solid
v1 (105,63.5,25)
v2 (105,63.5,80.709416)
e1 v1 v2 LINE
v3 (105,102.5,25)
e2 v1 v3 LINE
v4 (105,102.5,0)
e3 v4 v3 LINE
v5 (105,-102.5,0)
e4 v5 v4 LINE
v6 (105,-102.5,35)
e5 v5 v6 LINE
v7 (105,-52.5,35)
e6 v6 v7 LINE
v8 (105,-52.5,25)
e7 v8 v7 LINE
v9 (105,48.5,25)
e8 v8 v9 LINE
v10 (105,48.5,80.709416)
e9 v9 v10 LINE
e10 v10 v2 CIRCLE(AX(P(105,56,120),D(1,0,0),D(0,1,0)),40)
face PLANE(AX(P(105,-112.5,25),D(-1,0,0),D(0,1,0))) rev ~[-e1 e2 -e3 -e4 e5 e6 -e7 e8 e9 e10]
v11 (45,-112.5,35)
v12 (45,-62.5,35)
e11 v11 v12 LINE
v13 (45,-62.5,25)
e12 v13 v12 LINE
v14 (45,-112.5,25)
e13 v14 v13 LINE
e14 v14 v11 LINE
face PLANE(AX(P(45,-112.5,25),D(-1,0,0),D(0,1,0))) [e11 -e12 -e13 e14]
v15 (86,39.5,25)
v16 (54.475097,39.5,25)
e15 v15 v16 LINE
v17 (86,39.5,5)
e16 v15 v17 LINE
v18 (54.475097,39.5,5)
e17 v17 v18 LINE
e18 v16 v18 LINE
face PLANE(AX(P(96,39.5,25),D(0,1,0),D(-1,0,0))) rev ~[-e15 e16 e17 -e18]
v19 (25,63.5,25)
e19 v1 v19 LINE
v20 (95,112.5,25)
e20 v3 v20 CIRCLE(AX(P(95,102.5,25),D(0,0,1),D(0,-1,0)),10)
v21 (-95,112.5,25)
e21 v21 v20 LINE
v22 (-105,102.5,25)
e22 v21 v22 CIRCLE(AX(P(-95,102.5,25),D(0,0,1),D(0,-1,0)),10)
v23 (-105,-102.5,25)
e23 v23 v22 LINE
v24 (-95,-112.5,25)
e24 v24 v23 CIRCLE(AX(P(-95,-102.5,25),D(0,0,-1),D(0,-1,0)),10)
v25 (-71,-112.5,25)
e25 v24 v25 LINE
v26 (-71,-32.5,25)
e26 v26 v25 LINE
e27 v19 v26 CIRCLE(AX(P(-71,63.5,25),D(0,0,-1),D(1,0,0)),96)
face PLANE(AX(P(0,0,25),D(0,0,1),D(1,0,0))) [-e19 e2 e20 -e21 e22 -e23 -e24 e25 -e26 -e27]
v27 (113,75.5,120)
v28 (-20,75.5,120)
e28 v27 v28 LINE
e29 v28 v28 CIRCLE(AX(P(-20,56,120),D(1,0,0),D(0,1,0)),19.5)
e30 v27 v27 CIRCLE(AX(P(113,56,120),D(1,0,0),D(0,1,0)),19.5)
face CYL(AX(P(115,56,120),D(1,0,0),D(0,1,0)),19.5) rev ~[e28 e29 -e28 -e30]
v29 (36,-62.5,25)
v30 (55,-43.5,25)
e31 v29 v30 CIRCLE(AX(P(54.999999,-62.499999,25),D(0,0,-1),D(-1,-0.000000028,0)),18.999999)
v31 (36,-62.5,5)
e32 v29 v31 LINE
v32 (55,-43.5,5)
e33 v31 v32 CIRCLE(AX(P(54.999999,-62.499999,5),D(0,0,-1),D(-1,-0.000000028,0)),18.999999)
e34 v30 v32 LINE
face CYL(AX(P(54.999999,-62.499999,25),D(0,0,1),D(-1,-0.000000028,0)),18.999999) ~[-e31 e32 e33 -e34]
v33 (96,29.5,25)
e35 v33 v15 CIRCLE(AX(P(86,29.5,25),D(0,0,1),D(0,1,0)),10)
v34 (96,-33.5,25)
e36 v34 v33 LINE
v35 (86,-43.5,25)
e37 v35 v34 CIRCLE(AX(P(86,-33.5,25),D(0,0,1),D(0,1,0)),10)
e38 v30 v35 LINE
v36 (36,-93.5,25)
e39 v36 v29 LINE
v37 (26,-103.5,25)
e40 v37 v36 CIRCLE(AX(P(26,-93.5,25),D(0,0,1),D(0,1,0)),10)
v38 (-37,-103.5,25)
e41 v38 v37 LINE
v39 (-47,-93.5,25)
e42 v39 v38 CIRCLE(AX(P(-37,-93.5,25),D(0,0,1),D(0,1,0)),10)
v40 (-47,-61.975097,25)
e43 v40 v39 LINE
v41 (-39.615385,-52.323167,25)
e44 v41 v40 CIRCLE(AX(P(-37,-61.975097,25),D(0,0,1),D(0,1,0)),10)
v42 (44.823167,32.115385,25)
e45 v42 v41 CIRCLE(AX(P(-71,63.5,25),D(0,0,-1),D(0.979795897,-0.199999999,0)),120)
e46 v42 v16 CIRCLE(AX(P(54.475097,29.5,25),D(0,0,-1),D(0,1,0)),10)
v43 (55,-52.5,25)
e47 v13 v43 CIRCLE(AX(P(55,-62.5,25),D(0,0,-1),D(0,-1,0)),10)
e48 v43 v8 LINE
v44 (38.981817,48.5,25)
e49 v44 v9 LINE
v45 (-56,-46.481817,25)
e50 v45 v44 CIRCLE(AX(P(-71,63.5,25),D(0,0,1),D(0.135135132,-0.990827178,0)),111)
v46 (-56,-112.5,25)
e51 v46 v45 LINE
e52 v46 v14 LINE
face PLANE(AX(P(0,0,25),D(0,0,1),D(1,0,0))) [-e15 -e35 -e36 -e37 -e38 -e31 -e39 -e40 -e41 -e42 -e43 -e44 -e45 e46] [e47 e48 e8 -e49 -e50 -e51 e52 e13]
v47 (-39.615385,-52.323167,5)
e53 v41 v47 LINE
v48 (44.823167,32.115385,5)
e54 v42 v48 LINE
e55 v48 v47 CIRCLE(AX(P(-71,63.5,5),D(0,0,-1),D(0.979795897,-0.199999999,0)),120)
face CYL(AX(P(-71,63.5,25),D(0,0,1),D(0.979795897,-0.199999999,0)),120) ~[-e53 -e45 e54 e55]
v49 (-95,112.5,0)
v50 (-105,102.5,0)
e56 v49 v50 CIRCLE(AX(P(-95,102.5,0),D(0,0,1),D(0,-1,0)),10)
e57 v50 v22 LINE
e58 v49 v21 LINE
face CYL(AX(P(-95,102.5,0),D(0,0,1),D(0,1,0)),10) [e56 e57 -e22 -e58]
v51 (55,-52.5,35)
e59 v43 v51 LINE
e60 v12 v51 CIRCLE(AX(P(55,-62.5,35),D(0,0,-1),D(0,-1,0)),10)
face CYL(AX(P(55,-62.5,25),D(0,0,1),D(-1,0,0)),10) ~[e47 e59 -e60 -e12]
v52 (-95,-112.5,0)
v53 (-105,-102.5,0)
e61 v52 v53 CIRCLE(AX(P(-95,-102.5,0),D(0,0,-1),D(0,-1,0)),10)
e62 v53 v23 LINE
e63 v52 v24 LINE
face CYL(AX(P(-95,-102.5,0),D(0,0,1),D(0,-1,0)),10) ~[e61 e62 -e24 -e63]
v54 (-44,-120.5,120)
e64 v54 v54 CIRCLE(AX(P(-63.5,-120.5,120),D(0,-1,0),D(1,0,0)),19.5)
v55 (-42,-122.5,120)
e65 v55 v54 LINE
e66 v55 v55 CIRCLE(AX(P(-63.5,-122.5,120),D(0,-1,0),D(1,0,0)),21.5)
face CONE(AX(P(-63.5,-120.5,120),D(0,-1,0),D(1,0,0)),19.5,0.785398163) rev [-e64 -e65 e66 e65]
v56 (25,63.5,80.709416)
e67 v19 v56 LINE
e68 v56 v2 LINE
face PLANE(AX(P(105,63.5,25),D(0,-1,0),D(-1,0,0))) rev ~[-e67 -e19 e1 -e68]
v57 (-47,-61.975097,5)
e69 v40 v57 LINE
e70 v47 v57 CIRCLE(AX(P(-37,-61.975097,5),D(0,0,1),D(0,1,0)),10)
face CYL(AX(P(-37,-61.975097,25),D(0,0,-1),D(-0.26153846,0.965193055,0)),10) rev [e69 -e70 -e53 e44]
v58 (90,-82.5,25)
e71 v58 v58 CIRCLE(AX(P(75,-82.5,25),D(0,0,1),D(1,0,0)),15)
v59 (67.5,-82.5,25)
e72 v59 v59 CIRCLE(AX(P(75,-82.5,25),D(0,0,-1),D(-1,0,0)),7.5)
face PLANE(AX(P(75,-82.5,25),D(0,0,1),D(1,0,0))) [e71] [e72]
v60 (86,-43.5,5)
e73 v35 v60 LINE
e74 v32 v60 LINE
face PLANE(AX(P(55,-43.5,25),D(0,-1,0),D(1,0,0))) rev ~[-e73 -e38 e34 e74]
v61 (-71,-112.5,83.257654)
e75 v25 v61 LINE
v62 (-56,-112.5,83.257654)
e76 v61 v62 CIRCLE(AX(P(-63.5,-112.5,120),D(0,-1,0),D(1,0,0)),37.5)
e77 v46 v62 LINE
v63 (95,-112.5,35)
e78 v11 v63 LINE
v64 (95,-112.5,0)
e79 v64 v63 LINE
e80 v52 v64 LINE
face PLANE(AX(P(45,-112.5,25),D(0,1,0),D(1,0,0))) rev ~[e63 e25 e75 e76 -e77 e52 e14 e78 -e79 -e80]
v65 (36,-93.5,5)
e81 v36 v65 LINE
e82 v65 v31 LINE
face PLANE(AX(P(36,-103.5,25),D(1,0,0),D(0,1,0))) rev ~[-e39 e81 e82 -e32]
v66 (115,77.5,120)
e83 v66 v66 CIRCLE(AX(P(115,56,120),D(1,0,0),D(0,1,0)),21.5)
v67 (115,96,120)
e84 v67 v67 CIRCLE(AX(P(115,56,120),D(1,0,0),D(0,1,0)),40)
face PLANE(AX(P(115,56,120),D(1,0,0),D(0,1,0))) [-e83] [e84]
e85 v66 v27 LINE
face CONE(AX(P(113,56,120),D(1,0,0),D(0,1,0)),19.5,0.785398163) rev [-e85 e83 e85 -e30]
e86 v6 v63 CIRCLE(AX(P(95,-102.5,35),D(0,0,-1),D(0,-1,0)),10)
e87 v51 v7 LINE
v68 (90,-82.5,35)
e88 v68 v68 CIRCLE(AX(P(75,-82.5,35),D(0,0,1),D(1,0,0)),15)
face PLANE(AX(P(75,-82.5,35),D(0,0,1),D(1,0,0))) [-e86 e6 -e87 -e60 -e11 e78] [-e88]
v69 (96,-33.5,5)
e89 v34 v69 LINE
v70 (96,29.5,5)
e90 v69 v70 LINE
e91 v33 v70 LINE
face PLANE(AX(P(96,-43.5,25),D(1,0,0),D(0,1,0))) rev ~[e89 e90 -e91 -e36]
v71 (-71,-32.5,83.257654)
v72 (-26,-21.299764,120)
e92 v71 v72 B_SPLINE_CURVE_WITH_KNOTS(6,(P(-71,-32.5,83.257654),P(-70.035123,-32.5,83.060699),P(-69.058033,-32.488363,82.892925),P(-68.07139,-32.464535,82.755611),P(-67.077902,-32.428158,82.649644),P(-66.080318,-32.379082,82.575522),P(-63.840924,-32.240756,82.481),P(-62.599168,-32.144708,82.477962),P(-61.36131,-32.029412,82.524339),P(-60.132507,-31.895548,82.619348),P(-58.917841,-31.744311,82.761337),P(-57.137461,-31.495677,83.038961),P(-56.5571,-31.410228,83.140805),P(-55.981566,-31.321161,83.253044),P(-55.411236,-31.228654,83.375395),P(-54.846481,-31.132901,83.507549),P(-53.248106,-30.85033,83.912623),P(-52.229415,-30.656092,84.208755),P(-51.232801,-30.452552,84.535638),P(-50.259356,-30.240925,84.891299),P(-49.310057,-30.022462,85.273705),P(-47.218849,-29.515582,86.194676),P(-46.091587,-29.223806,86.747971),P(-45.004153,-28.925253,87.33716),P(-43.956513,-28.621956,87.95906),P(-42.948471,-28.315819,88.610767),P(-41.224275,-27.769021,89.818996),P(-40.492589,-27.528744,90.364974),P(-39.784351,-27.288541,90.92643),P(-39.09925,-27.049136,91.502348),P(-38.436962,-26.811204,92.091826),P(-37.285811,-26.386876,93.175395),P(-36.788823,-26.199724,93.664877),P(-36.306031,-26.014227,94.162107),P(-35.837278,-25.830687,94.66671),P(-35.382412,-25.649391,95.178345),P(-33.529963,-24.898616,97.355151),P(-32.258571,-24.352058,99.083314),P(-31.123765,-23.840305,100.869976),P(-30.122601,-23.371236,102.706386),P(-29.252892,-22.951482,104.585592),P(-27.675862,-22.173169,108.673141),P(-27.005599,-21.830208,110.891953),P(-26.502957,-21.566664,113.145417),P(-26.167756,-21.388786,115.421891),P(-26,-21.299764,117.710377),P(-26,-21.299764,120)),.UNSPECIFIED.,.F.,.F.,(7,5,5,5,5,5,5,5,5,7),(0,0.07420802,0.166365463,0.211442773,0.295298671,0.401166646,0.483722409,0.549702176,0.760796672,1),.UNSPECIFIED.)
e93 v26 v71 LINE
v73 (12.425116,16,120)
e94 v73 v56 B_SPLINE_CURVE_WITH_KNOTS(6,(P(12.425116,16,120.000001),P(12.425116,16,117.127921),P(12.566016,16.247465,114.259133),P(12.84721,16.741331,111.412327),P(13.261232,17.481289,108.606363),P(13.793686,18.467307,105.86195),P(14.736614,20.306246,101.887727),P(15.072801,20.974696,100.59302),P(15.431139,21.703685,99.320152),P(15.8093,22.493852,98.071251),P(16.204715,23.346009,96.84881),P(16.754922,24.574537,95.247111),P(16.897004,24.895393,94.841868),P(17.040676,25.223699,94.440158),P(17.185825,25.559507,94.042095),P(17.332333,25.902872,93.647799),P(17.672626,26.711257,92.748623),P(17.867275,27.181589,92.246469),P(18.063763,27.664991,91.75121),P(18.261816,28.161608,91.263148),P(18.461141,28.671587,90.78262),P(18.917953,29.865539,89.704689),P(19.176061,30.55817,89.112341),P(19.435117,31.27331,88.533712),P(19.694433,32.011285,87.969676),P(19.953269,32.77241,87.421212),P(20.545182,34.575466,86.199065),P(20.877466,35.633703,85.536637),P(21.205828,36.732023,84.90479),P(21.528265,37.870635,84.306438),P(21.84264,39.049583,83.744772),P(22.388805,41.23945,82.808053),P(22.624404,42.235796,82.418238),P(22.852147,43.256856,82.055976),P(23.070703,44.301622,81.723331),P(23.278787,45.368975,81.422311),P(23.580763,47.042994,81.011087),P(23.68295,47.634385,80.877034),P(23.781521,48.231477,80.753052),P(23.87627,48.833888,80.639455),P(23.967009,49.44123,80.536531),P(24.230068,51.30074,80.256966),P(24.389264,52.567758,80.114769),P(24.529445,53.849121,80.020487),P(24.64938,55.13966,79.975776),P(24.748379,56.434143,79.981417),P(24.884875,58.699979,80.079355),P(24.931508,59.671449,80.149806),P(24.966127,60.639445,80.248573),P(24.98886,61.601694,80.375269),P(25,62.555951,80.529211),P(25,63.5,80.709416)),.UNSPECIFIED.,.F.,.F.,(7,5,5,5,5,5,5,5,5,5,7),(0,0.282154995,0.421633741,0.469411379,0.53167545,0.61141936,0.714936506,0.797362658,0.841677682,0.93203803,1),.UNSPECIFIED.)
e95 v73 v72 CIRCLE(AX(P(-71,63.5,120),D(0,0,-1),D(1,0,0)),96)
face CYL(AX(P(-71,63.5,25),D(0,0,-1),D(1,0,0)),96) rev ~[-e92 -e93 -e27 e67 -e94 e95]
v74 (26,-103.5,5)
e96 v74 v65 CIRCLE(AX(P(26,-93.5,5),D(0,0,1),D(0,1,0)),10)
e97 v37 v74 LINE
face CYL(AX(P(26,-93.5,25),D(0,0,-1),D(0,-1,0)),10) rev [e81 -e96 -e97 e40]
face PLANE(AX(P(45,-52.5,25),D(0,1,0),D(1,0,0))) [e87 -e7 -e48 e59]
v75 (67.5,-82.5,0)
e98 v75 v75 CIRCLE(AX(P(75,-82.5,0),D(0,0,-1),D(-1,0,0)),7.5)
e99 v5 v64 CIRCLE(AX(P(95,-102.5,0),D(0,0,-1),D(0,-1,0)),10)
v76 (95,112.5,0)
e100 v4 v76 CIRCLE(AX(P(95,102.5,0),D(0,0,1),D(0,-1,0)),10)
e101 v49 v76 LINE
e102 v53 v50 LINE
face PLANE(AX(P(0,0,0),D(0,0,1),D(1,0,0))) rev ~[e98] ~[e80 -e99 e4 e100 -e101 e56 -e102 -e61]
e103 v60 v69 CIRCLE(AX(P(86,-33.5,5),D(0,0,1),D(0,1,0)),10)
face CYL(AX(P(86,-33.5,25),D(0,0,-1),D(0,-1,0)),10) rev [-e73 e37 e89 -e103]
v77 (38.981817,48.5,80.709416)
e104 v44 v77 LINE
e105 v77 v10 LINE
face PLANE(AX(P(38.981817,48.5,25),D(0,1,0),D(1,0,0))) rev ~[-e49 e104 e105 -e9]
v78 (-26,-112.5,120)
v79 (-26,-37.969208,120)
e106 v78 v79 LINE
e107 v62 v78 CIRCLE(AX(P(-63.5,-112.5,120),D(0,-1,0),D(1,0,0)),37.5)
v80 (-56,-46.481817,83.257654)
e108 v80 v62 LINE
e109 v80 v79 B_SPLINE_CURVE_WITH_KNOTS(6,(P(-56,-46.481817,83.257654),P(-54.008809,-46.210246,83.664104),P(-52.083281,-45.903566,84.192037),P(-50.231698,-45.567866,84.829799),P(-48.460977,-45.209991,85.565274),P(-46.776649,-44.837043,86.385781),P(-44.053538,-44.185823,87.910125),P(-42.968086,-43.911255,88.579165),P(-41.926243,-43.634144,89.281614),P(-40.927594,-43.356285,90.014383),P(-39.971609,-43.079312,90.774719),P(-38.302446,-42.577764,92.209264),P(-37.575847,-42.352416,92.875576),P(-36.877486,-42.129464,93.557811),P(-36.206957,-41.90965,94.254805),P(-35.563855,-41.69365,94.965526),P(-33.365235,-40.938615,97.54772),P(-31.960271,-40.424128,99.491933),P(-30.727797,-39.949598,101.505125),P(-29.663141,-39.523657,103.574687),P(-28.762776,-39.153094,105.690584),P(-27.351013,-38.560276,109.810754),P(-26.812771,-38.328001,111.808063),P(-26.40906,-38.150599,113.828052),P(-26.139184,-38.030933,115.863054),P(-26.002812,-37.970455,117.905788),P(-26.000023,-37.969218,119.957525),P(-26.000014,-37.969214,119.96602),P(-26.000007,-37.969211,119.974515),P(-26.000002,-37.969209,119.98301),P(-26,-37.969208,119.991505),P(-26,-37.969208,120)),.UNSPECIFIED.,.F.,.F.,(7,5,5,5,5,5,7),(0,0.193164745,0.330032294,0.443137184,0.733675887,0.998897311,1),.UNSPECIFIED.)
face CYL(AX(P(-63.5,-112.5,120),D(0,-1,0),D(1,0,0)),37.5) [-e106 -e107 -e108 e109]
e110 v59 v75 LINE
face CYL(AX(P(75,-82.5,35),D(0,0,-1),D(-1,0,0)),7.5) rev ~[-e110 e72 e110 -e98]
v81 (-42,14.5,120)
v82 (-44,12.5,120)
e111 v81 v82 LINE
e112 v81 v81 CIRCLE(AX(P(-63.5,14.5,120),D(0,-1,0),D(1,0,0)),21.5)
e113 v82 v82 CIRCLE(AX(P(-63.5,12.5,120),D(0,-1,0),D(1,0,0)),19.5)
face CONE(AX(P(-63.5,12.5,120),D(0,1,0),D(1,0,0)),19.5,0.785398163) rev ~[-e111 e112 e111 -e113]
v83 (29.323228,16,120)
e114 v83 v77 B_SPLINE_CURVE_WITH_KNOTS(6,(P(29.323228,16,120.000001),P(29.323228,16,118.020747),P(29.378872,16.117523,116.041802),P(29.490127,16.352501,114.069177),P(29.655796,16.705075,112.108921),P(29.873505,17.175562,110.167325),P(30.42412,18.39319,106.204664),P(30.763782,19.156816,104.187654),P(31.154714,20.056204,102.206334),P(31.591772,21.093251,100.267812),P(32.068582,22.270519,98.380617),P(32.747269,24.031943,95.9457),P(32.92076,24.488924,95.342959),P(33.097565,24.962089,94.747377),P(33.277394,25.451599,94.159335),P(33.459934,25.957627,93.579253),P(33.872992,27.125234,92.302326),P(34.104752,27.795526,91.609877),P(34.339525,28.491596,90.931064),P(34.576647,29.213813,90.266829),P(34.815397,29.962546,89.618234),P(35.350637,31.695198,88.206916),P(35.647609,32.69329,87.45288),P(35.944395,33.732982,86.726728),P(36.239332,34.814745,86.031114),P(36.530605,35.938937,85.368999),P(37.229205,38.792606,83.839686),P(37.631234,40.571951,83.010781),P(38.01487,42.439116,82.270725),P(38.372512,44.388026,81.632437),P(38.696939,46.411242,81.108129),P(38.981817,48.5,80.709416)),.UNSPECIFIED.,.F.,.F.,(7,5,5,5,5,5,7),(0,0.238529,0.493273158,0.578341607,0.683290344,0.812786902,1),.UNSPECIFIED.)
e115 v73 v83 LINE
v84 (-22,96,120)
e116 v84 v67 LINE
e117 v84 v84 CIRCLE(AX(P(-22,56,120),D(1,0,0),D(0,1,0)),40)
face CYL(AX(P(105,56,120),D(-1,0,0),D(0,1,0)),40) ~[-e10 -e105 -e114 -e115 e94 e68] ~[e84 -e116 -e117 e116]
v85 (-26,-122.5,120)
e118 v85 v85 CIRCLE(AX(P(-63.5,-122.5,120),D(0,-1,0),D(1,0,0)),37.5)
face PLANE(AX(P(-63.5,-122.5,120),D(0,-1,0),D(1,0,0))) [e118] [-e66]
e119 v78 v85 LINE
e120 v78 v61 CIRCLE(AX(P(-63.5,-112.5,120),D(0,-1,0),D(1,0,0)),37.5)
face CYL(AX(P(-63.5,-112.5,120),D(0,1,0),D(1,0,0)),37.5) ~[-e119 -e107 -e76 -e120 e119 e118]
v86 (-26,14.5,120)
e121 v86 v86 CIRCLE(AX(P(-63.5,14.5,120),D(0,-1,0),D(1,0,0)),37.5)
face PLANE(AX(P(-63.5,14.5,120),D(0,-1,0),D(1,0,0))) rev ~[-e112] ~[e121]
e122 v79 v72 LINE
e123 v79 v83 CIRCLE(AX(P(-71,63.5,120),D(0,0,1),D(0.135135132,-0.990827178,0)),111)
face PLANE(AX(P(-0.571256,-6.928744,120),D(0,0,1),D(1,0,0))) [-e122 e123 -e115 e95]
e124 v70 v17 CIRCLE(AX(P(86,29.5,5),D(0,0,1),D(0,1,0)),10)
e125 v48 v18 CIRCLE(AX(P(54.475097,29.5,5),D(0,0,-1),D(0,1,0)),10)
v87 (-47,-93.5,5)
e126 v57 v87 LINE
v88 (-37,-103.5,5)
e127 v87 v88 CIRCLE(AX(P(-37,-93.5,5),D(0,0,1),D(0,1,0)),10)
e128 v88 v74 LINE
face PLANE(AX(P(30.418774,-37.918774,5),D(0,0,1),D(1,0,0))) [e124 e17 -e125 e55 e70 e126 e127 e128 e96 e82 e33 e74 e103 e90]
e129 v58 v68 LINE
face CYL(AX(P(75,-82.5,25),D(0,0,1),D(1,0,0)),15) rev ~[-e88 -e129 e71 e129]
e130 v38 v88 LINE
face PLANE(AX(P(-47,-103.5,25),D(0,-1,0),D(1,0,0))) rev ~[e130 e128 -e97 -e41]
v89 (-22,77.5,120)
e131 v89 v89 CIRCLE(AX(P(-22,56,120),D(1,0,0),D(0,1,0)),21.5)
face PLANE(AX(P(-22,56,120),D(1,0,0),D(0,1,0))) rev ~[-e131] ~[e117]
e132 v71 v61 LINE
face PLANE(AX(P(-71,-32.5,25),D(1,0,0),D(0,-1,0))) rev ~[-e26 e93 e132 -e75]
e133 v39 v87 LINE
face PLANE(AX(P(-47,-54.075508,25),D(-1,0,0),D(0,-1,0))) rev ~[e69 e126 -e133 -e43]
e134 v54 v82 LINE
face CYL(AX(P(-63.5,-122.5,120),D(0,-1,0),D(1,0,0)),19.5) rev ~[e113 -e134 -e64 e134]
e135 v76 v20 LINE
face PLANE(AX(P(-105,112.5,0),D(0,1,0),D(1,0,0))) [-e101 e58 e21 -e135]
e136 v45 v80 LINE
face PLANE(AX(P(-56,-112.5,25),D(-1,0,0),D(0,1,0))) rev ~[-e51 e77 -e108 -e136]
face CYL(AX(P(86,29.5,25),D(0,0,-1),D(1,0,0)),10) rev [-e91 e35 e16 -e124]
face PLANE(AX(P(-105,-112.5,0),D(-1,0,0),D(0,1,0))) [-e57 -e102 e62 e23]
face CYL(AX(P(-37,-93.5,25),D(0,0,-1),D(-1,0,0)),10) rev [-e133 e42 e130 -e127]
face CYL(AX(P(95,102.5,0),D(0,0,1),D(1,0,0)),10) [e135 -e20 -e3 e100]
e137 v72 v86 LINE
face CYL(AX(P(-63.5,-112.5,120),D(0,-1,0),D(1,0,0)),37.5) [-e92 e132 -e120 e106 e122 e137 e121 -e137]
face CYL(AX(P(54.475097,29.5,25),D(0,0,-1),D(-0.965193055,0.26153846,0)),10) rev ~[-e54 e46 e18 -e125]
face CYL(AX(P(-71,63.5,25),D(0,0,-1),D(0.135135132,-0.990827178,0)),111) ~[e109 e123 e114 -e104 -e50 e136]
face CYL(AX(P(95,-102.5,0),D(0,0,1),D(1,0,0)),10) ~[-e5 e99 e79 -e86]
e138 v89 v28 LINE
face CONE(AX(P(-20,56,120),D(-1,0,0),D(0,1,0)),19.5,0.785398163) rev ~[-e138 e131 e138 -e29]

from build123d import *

# Parameters (mm, degrees)
F0_W            = 210
F0_H            = 225
F1_DEPTH        = 25
F3_DEPTH        = 95
F4_R            = 37.5
F5_DEPTH        = 10
F5_DEPTH_BACK   = 127
F6_R            = 40
F7_DEPTH        = 10
F7_DEPTH_BACK   = 127
F8_W            = 60
F8_H            = 60
F9_DEPTH        = 10
F10_R           = 10
F12_DEPTH       = 20
F14_D           = 15
F14_CBORE_D     = 30
F14_CBORE_DEPTH = 10
F15_R           = 10
F16_R           = 19.5
F17_DEPTH       = 235.001
F18_R           = 19.5
F19_DEPTH       = 220.001
F20_SIZE        = 2
F21_R           = 10


with BuildPart() as f1:
    # F0 (on Top) → F1 (new body)
    with BuildSketch(Plane.XY):
        Rectangle(F0_W, F0_H)
    extrude(amount=F1_DEPTH)

    # F2 (on face) → F3 (join)
    with BuildSketch(Plane.XY.offset(25)):
        with BuildLine():
            Line((-71, -32.5), (-71, -112.5))
            Line((-71, -112.5), (-56, -112.5))
            Line((-56, -112.5), (-56, -46.481817))
            ThreePointArc((-56, -46.481817), (7.488853, -14.988853), (38.981817, 48.5))
            Line((38.981817, 48.5), (105, 48.5))
            Line((105, 48.5), (105, 63.5))
            Line((105, 63.5), (25, 63.5))
            ThreePointArc((25, 63.5), (-3.117749, -4.382251), (-71, -32.5))
        make_face()
    extrude(amount=F3_DEPTH)

    # F4 (on face) → F5 (join, two sides)
    with BuildSketch(Plane.XZ.offset(112.5)) as f5_sk:
        with Locations((-63.5, 120)):
            Circle(F4_R)
    extrude(amount=F5_DEPTH)
    extrude(f5_sk.sketch, amount=-F5_DEPTH_BACK)

    # F6 (on face) → F7 (join, two sides)
    with BuildSketch(Plane.YZ.offset(105)) as f7_sk:
        with Locations((56, 120)):
            Circle(F6_R)
    extrude(amount=F7_DEPTH)
    extrude(f7_sk.sketch, amount=-F7_DEPTH_BACK)

    # F8 (on face) → F9 (join)
    with BuildSketch(Plane.XY.offset(25)):
        with Locations((75, -82.5)):
            Rectangle(F8_W, F8_H)
    extrude(amount=F9_DEPTH)

    # F10
    f10_edges = [f1.edges().sort_by_distance(p)[0] for p in [
        (45, -52.5, 30),
    ]]
    fillet(f10_edges, radius=F10_R)

    # F11 (on face) → F12 (cut)
    with BuildSketch(Plane.XY.offset(25)):
        with BuildLine():
            ThreePointArc((46.575508, 39.5), (13.852814, -21.352814), (-47, -54.075508))
            Line((-47, -54.075508), (-47, -103.5))
            Line((-47, -103.5), (36, -103.5))
            Line((36, -103.5), (36, -62.5))
            ThreePointArc((36, -62.5), (41.564971, -49.064971), (55, -43.5))
            Line((55, -43.5), (96, -43.5))
            Line((96, -43.5), (96, 39.5))
            Line((96, 39.5), (46.575508, 39.5))
        make_face()
    extrude(amount=-F12_DEPTH, mode=Mode.SUBTRACT)

    # F14 (through all)
    with Locations(Plane.XY.offset(35)):
        with Locations((75, -82.5)):
            CounterBoreHole(F14_D / 2, F14_CBORE_D / 2, F14_CBORE_DEPTH)

    # F15
    f15_edges = [f1.edges().sort_by_distance(p)[0] for p in [
        (-47, -54.075508, 15),
        (46.575508, 39.5, 15),
        (36, -103.5, 15),
        (96, -43.5, 15),
        (96, 39.5, 15),
        (-47, -103.5, 15),
    ]]
    fillet(f15_edges, radius=F15_R)

    # F16 (on face) → F17 (cut, through all)
    with BuildSketch(Plane.XZ.offset(122.5)):
        with Locations((-63.5, 120)):
            Circle(F16_R)
    extrude(amount=-F17_DEPTH, mode=Mode.SUBTRACT)

    # F18 (on face) → F19 (cut, through all)
    with BuildSketch(Plane.YZ.offset(115)):
        with Locations((56, 120)):
            Circle(F18_R)
    extrude(amount=-F19_DEPTH, mode=Mode.SUBTRACT)

    # F20
    f20_edges = [f1.edges().sort_by_distance(p)[0] for p in [
        (-83, -122.5, 120),
        (115, 36.5, 120),
        (-83, 14.5, 120),
        (-22, 36.5, 120),
    ]]
    chamfer(f20_edges, length=F20_SIZE)

    # F21
    f21_edges = [f1.edges().sort_by_distance(p)[0] for p in [
        (-105, 112.5, 12.5),
        (105, 112.5, 12.5),
        (105, -112.5, 17.5),
        (-105, -112.5, 12.5),
    ]]
    fillet(f21_edges, radius=F21_R)


solid = f1.part
